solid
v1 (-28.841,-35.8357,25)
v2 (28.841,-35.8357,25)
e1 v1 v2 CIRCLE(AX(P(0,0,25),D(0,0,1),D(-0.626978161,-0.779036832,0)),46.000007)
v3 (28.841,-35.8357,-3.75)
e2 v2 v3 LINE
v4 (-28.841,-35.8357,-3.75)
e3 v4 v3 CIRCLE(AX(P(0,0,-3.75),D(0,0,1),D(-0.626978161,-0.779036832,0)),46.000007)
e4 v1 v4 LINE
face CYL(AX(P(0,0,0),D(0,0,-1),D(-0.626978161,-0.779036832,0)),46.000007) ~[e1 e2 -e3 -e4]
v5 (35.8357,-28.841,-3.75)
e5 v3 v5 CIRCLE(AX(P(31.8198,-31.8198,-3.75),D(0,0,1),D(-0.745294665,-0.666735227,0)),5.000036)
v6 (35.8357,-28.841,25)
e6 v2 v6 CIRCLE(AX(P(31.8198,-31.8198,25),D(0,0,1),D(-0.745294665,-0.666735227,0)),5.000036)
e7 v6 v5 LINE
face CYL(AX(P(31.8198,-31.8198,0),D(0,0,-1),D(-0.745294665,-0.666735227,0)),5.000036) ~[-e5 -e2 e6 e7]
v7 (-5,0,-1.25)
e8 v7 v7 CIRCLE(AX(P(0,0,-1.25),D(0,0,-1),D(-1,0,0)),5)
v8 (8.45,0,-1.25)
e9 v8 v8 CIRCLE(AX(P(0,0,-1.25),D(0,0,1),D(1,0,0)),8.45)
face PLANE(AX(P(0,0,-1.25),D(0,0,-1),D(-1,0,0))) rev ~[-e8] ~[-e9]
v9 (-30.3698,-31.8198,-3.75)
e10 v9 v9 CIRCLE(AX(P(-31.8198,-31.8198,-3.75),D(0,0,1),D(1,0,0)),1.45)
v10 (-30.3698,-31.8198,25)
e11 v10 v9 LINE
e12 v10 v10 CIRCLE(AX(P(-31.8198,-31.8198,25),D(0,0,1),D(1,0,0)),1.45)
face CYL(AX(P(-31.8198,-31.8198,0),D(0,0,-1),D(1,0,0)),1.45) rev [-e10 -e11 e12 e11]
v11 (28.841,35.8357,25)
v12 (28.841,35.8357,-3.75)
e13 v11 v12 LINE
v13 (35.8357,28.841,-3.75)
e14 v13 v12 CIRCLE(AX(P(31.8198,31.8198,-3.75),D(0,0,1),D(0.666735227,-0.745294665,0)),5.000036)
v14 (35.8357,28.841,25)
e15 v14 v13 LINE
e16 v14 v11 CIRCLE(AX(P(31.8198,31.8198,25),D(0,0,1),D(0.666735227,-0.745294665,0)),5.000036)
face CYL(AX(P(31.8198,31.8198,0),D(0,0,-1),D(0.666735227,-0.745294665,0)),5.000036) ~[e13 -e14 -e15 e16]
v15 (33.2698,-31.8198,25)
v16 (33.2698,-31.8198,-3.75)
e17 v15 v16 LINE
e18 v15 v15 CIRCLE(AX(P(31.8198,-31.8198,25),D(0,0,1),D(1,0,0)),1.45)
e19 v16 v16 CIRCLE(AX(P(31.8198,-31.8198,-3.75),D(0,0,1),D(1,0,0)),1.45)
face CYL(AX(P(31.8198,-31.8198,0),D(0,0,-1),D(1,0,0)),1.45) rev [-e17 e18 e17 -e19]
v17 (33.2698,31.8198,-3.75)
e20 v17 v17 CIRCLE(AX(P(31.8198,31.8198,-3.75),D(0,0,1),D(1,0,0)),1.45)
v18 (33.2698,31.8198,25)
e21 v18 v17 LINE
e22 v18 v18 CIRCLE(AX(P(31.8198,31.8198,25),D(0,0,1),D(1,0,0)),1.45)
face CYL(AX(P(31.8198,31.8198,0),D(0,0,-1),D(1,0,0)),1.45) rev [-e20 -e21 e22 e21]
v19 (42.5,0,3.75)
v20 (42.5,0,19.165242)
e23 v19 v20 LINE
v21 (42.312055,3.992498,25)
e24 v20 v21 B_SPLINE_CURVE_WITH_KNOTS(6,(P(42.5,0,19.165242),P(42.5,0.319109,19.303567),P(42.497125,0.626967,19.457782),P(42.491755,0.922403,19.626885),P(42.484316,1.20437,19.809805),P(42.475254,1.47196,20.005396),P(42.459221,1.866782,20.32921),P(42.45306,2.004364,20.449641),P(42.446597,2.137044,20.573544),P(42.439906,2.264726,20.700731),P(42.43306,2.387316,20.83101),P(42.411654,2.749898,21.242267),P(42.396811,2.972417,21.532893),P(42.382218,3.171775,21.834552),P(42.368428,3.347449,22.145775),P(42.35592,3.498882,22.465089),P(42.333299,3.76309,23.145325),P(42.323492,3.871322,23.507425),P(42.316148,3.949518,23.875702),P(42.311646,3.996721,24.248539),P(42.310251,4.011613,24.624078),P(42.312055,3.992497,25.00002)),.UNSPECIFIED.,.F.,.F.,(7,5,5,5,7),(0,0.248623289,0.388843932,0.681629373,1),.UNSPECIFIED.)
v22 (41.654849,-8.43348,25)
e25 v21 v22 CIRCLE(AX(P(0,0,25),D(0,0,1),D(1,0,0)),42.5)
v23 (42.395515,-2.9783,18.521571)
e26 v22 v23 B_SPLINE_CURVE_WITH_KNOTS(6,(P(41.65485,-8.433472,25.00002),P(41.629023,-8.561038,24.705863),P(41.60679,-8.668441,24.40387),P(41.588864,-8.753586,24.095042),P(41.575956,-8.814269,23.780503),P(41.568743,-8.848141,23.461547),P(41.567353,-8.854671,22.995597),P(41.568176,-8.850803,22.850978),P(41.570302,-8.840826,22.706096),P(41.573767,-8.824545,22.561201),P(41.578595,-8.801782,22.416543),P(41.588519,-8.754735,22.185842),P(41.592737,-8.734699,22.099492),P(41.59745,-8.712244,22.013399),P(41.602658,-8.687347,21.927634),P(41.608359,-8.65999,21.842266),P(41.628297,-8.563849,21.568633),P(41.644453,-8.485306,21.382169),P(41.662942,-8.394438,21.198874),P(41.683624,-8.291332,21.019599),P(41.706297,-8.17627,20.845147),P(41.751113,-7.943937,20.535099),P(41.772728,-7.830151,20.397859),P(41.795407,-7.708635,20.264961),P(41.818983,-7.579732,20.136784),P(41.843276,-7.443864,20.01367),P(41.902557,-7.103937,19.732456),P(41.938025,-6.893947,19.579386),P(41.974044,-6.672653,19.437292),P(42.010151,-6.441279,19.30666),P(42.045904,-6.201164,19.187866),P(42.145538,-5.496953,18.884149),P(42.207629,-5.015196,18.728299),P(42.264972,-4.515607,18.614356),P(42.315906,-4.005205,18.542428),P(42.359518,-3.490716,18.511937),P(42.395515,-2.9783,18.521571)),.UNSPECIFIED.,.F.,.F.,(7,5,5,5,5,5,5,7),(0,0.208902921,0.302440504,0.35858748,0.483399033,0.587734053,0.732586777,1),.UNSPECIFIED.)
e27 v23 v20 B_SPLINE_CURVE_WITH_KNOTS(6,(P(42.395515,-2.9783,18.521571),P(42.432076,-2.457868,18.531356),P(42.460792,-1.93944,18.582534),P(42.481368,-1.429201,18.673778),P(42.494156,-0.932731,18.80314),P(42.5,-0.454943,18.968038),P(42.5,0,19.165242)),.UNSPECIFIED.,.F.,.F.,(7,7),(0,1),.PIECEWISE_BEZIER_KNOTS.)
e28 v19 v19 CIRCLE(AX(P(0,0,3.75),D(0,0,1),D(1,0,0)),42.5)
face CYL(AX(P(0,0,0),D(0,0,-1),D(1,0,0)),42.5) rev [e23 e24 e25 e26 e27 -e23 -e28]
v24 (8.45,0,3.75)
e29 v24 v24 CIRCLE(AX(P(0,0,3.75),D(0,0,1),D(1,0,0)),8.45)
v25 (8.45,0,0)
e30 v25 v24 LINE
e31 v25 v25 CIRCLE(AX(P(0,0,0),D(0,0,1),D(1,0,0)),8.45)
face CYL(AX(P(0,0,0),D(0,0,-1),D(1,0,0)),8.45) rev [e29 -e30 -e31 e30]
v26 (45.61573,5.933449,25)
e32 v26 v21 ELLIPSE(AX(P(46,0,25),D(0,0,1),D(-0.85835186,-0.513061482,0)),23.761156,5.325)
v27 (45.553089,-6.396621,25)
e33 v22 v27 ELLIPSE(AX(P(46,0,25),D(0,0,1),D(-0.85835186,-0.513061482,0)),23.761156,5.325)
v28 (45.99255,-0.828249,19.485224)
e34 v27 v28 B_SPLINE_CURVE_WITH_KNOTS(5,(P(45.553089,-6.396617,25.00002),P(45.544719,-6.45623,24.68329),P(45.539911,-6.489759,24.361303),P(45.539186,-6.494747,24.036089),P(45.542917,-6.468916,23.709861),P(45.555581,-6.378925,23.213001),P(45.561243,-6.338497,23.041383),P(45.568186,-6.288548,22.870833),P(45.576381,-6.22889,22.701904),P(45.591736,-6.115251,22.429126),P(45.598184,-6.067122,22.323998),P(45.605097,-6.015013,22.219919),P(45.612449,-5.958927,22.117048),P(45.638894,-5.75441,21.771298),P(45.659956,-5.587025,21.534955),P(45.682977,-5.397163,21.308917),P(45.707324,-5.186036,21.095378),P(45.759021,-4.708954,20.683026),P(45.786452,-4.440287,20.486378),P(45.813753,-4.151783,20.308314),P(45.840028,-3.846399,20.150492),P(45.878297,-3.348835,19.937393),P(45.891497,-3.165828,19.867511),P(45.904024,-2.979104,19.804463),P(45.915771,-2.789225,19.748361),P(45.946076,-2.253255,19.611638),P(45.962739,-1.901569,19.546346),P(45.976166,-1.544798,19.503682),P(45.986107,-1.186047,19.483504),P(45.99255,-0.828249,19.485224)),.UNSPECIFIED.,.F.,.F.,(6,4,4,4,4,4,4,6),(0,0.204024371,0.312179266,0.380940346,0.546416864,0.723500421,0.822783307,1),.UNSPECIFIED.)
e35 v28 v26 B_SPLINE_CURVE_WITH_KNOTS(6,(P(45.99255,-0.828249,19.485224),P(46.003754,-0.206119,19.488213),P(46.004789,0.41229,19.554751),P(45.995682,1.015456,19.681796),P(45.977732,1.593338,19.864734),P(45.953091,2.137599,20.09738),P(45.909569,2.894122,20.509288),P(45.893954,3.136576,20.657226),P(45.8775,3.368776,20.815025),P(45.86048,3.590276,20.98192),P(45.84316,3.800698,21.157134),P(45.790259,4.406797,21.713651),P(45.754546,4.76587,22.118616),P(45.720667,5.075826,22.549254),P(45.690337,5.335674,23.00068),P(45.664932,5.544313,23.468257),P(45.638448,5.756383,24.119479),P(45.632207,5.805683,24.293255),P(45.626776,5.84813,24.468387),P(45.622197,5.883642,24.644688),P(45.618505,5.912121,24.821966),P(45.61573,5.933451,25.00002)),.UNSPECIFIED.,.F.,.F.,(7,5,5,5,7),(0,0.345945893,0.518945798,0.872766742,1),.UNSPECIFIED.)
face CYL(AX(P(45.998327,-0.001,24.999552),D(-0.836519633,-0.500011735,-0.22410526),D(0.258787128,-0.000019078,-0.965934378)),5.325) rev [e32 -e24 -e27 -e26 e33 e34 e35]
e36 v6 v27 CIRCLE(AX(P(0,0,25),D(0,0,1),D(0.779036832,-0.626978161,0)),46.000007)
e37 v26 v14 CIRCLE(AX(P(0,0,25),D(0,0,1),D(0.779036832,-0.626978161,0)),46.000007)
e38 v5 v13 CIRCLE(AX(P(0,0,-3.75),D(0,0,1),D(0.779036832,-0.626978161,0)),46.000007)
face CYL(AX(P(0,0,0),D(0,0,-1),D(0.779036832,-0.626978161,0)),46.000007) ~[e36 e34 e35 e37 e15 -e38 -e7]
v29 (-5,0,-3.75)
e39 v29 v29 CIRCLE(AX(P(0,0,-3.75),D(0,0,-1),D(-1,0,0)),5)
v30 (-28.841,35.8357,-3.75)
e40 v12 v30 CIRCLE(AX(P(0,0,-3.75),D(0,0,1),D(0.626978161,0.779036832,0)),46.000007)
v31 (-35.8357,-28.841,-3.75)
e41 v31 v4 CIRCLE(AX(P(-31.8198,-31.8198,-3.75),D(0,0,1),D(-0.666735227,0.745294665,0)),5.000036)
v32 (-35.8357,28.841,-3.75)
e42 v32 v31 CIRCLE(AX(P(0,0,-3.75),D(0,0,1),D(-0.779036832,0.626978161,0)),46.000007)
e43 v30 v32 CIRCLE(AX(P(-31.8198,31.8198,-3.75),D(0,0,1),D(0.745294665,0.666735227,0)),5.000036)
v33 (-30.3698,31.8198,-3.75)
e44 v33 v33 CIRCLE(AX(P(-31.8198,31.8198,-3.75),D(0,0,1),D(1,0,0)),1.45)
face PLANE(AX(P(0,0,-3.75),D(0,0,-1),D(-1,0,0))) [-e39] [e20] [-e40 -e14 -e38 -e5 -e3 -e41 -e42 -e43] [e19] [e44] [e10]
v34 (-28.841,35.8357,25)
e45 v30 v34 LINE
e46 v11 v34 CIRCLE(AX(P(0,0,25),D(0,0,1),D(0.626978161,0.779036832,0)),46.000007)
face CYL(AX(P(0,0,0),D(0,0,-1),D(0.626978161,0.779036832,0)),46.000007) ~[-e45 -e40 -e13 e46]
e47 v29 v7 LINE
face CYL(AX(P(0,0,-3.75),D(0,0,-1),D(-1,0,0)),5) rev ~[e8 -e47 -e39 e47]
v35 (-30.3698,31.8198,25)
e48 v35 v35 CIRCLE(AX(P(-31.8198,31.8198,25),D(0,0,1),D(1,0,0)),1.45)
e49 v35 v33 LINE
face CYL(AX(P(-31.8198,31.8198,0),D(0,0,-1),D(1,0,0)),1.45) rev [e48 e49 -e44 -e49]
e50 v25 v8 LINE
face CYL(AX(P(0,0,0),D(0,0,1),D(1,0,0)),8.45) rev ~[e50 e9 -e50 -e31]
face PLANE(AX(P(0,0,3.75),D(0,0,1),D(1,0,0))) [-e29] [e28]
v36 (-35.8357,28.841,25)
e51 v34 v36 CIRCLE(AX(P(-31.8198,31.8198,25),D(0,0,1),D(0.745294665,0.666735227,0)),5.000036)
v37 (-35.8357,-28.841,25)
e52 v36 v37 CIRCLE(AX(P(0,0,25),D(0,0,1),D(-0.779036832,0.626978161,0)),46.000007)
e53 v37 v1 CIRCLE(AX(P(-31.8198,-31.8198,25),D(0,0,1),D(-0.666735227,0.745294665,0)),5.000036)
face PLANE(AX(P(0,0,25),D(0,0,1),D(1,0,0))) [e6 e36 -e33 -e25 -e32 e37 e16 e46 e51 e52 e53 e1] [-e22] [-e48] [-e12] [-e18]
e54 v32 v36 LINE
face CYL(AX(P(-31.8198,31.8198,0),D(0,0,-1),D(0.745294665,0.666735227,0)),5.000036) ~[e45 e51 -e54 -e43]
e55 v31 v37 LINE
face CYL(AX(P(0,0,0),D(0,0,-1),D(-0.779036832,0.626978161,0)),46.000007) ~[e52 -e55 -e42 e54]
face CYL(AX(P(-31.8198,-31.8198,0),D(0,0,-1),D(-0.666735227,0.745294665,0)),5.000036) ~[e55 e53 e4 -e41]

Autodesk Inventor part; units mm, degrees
ref_plane "YZ Plane" through (0, 0, 0) normal (1, 0, 0) x (0, 1, 0)
sketch "Sketch1" plane through (0, 0, 0) normal (0, 0, 1) x (1, 0, 0)
  circle A0 centre (0, 0) radius 5
  circle A1 centre (0, 0) radius 8.45
  circle A2 centre (0, 0) radius 42.5
  circle A3 centre (0, 0) radius 45 construction
  circle A4 centre (-31.8198, 31.8198) radius 1.45
  arc A5 (-28.0933, 35.1535) -> (-35.1535, 28.0933) centre (-31.8198, 31.8198) ccw
  arc A6 (-35.1535, -28.0933) -> (-28.0933, -35.1535) centre (-31.8198, -31.8198) ccw
  circle A7 centre (-31.8198, -31.8198) radius 1.45
  arc A8 (28.0933, -35.1535) -> (35.1535, -28.0933) centre (31.8198, -31.8198) ccw
  circle A9 centre (31.8198, -31.8198) radius 1.45
  arc A10 (35.1535, 28.0933) -> (28.0933, 35.1535) centre (31.8198, 31.8198) ccw
  circle A11 centre (31.8198, 31.8198) radius 1.45
  line L0 (-31.8198, 31.8198) -> (31.8198, 31.8198) construction
  arc A12 (28.841, 35.8357) -> (-28.841, 35.8357) centre (0, 0) ccw
  arc A13 (-35.8357, 28.841) -> (-35.8357, -28.841) centre (0, 0) ccw
  arc A14 (-28.841, -35.8357) -> (28.841, -35.8357) centre (0, 0) ccw
  arc A15 (35.8357, -28.841) -> (35.8357, 28.841) centre (0, 0) ccw
  point P0 (0, -46)
  point P1 (0, 46)
  dimension "d0" = 10
  dimension "d1" = 16.9
  dimension "d2" = 85
  dimension "d3" = 90
  dimension "d4" = 2.9
  dimension "d5" = 5
  dimension "d8" = 360
  dimension "d25" = 92
extrude "Extrusion1" add sketch "Sketch1" along normal mid plane 7.5 contours A2
extrude "Extrusion3" add sketch "Sketch1" against normal blind 3.75 contours A12 A10 A15 A8 A14 A6 A13 A5
extrude "Extrusion4" add sketch "Sketch1" along normal blind 25 contours A12 A10 A15 A8 A14 A6 A13 A5
sketch "Sketch2" plane through (0, 0, 25) normal (0, 0, 1) x (1, 0, 0)
  arc A0 (35.8357, -28.841) -> (35.8357, 28.841) centre (0, 0) ccw construction
  line L0 (46, 0) -> (46, -31.8198) construction
  point P0 (31.8198, -31.8198)
ref_plane "Work Plane1" through (46, 0, 25) normal (0.9659, 0, 0.2588) x (0, -1, 0)
sketch "Sketch3" plane through (46, 0, 25) normal (0.9659, 0, 0.2588) x (0, -1, 0)
  line L0 (0, 0) -> (0, 12.2425) construction
ref_plane "Work Plane2" through (46, 0, 25) normal (0.8365, 0.5, 0.2241) x (0.2588, 0, -0.9659)
sketch "Sketch4" plane through (46, 0, 25) normal (0.8365, 0.5, 0.2241) x (0.2588, 0, -0.9659)
  circle A0 centre (0, 0) radius 5.325
  ellipse E0 centre (-11.9057, 22.2163) end of major axis (-17.5492, 64.3399) minor radius 9.5261 projected
  line L0 (0, 0) -> (-0.9178, 0) construction
  point P0 (12.2425, 25.4515)
  point P1 (-0.4589, 0)
  dimension "d22" = 10.65
extrude "Extrusion5" cut sketch "Sketch4" along normal mid plane 25 contours A0 E0 | E0 A0 picked at (0.9978, 1.4954) picked at (-2.2508, 1.4196)
sketch "Sketch5" plane through (0, 0, -3.75) normal (0, 0, -1) x (-1, 0, 0)
  circle A0 centre (0, 0) radius 5 projected
  circle A1 centre (0, 0) radius 8.45 projected
extrude "Extrusion6" add sketch "Sketch5" against normal blind 2.5
properties part number "Case Part 1"
